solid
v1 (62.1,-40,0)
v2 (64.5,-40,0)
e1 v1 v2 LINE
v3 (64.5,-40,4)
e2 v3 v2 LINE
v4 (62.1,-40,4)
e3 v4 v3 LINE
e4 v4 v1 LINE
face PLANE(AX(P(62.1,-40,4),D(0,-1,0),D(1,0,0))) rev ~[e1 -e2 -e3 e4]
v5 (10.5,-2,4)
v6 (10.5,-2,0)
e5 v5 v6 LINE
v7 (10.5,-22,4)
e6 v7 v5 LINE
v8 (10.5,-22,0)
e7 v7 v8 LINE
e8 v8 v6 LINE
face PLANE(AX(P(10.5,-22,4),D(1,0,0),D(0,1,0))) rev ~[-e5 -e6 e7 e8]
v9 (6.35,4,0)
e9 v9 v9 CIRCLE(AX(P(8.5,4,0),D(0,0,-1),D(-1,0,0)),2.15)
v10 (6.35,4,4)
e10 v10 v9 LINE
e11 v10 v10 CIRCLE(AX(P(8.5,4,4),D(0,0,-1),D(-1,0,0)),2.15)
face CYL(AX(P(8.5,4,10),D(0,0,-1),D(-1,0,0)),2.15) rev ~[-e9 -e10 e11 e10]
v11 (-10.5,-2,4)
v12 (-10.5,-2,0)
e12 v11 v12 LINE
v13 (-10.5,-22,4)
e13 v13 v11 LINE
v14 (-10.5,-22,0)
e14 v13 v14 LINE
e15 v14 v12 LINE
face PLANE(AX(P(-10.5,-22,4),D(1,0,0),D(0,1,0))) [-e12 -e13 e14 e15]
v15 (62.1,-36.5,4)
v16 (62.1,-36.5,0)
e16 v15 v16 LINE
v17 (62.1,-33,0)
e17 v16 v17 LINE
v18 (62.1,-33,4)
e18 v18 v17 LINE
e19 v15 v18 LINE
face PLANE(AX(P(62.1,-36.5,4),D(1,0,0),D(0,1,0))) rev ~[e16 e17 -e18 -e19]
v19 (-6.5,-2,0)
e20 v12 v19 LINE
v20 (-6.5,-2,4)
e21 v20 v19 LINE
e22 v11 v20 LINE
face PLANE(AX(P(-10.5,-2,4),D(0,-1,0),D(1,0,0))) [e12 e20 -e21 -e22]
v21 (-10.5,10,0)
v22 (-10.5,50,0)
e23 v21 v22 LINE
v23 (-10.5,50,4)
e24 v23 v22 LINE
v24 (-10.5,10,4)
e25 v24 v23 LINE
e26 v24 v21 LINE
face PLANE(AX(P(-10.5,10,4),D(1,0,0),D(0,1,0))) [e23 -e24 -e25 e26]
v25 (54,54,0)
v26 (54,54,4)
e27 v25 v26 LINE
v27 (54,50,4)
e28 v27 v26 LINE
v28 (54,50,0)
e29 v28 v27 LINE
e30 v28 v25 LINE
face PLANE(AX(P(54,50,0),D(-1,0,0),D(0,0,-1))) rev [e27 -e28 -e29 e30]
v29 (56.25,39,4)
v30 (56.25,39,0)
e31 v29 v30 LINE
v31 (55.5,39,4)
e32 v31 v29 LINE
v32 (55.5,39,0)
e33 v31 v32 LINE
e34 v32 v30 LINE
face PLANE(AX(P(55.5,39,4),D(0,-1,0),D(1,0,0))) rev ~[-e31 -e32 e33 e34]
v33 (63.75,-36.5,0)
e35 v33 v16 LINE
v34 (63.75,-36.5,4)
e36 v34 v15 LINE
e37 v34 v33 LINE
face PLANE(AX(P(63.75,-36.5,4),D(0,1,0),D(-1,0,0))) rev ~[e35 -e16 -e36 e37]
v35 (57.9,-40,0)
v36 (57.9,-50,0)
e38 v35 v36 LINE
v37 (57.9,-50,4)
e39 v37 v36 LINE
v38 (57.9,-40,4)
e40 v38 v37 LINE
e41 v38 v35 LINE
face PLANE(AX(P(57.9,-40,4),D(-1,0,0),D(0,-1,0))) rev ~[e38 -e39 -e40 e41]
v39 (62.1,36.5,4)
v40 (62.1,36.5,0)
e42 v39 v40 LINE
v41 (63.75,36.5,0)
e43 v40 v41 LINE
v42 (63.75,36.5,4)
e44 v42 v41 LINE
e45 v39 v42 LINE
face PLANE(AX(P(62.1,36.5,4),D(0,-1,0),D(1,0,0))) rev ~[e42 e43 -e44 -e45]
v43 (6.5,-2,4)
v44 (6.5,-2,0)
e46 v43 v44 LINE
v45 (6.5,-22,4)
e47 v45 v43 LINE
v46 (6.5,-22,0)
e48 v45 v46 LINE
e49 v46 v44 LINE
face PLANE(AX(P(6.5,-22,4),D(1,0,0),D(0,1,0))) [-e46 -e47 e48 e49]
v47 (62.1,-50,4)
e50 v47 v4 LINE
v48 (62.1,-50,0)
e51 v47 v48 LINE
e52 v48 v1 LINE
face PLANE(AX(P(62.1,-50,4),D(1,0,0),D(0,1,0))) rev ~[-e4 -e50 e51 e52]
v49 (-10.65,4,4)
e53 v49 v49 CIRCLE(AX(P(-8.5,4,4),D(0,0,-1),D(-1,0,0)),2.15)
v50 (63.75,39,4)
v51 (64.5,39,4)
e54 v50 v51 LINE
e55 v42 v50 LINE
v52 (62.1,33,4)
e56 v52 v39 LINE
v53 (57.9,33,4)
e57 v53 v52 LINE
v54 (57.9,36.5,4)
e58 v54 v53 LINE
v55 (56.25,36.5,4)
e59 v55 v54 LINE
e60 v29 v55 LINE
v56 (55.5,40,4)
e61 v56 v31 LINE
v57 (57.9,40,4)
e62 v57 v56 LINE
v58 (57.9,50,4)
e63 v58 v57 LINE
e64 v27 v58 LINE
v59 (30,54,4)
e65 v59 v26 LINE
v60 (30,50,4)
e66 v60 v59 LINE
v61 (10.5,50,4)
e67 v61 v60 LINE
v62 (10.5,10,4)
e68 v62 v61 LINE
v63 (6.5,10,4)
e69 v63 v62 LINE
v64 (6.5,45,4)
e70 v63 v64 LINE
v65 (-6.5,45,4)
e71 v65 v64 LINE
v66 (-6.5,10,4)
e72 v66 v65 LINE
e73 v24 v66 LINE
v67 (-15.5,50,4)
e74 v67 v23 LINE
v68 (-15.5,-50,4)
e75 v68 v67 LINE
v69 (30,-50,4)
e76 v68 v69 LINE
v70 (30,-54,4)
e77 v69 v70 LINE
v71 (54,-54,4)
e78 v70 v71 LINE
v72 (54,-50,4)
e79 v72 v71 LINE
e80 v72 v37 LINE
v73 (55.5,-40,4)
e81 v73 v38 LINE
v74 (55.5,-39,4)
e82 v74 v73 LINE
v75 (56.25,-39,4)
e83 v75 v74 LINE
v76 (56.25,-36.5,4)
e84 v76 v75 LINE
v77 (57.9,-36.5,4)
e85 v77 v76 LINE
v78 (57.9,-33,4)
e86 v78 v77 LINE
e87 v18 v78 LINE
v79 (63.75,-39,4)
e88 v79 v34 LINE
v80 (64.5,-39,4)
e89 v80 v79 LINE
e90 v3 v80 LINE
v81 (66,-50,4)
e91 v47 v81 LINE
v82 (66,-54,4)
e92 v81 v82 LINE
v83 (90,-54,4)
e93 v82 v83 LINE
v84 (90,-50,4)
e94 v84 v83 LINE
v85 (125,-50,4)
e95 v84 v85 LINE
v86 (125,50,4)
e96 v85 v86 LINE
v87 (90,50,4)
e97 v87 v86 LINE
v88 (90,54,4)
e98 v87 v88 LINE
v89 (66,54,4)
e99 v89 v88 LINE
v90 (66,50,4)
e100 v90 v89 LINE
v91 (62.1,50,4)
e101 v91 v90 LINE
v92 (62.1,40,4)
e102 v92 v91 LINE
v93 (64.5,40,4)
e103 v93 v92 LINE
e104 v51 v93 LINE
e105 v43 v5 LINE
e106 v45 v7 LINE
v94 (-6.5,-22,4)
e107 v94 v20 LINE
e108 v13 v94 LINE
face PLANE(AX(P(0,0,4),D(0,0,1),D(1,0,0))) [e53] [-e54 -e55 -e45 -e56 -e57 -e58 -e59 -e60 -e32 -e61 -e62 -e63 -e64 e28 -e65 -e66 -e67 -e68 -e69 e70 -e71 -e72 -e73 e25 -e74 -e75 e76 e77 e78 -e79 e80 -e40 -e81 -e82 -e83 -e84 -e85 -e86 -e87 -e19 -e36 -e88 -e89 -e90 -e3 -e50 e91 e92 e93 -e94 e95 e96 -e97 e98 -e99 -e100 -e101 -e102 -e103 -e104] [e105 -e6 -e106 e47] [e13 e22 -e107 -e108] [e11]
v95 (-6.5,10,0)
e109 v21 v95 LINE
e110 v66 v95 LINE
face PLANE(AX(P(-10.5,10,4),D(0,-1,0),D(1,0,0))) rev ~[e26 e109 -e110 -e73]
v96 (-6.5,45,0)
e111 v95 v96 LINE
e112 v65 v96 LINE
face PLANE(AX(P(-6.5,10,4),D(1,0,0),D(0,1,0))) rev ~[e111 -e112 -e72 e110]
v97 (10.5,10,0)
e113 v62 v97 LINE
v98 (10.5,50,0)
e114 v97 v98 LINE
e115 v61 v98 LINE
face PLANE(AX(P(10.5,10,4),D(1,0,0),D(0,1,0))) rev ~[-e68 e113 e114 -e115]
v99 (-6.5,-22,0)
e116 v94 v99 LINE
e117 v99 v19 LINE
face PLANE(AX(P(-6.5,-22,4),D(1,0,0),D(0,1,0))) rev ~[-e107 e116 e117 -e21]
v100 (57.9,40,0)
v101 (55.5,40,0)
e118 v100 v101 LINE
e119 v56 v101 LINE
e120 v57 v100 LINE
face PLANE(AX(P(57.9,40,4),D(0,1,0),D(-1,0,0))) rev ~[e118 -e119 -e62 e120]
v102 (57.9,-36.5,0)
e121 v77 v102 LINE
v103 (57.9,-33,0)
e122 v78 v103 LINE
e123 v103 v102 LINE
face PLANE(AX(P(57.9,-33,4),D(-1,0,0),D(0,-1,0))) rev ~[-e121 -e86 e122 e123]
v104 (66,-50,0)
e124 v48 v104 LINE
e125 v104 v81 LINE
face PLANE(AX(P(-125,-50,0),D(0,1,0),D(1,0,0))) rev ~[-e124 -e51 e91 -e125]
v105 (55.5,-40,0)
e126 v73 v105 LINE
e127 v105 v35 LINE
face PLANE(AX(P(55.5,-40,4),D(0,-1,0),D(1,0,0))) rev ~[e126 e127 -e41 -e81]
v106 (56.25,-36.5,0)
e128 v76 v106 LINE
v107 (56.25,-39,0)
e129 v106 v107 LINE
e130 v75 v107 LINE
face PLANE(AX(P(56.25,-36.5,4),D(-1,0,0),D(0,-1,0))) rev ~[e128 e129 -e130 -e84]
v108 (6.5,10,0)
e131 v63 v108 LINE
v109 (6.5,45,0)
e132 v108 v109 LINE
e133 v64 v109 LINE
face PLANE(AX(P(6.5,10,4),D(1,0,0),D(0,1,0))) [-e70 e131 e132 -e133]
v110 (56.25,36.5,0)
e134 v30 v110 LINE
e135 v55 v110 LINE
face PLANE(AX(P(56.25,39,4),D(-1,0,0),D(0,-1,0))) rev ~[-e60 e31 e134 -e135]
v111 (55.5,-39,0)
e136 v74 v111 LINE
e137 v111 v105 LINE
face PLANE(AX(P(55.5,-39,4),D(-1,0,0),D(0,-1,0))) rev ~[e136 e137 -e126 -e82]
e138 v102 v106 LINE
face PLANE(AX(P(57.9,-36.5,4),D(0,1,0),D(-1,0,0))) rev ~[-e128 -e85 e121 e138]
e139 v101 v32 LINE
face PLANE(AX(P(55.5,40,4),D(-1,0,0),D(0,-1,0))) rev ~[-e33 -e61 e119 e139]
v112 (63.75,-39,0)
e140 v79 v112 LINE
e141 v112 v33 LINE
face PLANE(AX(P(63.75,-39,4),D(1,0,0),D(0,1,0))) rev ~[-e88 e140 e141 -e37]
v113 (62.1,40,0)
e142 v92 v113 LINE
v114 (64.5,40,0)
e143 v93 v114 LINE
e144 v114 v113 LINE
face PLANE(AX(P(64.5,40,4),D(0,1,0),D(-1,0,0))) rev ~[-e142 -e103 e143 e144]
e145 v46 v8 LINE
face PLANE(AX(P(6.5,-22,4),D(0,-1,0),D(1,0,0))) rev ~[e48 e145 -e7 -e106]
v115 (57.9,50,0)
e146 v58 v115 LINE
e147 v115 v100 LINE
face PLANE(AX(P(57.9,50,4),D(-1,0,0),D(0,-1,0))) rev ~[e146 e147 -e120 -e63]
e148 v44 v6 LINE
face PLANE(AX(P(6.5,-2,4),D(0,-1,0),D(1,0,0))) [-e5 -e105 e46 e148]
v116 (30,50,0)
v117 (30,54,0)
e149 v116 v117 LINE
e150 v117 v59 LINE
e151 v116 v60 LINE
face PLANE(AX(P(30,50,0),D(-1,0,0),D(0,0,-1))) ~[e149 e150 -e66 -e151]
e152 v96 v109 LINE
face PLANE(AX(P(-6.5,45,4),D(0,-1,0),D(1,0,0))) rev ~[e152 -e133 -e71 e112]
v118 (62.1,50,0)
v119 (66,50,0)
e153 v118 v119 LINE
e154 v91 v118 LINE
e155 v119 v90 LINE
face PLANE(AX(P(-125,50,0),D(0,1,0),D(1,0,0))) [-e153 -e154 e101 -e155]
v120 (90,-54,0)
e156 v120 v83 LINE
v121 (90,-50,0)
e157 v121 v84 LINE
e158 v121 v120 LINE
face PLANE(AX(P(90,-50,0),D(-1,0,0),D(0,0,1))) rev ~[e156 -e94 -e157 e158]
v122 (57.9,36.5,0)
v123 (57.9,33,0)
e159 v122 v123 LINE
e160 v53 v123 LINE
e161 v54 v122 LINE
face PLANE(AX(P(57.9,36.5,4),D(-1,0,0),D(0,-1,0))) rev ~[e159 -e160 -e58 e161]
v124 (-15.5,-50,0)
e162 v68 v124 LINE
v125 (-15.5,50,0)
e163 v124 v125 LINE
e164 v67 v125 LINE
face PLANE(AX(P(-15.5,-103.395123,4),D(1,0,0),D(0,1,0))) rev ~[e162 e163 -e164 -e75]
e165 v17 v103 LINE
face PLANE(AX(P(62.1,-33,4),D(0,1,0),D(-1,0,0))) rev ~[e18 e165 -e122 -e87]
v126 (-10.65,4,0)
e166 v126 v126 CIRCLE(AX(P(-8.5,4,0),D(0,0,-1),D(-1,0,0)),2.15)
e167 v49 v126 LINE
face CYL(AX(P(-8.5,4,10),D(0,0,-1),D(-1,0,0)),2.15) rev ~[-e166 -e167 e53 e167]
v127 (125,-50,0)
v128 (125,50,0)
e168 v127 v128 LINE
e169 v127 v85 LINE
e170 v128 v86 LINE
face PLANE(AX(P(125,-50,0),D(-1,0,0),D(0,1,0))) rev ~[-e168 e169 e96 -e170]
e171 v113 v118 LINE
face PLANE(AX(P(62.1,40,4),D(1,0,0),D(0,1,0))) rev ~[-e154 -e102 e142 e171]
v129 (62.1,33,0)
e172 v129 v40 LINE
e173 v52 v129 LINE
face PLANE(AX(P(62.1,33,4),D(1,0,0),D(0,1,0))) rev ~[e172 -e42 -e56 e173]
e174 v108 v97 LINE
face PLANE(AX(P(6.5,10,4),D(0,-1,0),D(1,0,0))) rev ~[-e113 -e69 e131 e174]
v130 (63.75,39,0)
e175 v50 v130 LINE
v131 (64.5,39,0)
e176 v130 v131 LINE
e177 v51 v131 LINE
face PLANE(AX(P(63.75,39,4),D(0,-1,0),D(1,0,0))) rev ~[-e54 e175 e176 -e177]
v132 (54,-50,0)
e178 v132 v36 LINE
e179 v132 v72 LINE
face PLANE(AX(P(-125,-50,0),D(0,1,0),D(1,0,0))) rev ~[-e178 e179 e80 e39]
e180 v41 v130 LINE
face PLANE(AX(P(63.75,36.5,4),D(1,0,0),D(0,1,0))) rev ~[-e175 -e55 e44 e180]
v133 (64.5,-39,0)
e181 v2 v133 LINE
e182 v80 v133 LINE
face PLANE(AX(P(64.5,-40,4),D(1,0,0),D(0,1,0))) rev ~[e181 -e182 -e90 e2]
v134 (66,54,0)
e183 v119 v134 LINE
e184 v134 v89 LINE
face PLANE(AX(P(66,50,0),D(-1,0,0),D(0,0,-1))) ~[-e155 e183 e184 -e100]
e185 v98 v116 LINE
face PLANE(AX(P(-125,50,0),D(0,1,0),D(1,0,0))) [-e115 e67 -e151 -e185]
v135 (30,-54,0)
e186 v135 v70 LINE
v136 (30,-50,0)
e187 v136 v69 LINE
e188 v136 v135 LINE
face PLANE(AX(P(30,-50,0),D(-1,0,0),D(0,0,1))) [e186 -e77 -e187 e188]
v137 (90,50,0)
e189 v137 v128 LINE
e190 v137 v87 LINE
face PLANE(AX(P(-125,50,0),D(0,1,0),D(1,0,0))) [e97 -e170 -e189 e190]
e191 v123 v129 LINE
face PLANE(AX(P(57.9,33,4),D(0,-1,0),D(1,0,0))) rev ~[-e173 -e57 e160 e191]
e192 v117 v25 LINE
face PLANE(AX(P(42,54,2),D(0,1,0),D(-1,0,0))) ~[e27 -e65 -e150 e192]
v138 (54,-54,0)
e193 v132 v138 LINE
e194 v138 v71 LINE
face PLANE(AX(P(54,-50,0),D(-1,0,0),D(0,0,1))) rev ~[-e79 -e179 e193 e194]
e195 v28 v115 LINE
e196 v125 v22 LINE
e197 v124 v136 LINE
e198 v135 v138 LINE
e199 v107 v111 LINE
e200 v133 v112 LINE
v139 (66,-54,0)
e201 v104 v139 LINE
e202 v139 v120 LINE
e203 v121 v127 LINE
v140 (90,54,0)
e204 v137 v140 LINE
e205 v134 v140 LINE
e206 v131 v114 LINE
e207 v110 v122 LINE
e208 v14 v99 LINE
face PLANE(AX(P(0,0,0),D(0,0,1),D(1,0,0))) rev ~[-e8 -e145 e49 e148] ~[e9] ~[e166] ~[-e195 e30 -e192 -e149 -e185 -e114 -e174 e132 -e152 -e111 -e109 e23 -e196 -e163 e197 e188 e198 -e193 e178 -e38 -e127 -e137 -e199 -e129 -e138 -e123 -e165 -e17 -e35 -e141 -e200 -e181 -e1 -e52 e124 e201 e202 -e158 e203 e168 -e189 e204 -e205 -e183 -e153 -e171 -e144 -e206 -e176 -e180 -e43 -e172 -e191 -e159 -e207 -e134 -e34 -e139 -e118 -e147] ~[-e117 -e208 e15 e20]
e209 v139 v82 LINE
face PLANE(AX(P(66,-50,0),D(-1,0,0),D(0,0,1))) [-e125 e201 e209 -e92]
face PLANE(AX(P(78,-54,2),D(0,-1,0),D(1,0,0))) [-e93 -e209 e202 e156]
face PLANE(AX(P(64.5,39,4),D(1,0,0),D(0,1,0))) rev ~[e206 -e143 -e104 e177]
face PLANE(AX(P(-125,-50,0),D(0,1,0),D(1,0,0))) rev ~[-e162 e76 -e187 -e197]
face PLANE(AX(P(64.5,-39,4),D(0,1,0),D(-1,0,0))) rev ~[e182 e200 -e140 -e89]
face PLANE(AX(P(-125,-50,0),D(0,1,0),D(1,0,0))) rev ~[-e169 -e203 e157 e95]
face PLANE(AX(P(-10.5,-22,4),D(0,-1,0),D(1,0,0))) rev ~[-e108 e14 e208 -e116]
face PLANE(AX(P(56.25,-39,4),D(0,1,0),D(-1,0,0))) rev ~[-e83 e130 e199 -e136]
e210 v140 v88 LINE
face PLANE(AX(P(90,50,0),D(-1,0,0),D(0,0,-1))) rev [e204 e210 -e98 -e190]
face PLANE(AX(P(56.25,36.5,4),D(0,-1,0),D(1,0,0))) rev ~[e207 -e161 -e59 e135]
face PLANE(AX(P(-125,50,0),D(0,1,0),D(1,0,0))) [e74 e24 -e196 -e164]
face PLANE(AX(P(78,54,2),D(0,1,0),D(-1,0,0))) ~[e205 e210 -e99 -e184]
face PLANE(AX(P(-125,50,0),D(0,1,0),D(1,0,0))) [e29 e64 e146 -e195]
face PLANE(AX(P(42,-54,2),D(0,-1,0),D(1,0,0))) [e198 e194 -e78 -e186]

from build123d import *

# Parameters (mm, degrees)
SKETCH1_W                = 250
SKETCH1_H                = 100
BOSS_EXTRUDE1_DEPTH      = 4
SKETCH2_W                = 24
SKETCH2_H                = 4
BOSS_EXTRUDE2_DEPTH      = 4
SKETCH3_W                = 4
SKETCH3_H                = 40
SKETCH3_H_2              = 20
CUT_EXTRUDE1_DEPTH       = 5
M4_CLEARANCE_HOLE1_D     = 4.3
M4_CLEARANCE_HOLE1_DEPTH = 6
M4_CLEARANCE_HOLE1_TIP   = 1.291850331
CUT_EXTRUDE2_DEPTH       = 10
SKETCH7_W                = 13
SKETCH7_H                = 5
CUT_EXTRUDE3_DEPTH       = 10
CUT_EXTRUDE4_DEPTH       = 10


with BuildPart() as part:
    # Sketch1 → Boss-Extrude1 (new body)
    with BuildSketch(Plane.XY):
        Rectangle(SKETCH1_W, SKETCH1_H)
    extrude(amount=BOSS_EXTRUDE1_DEPTH)

    # Sketch2 → Boss-Extrude2 (add)
    with BuildSketch(Plane.XZ.offset(50)):
        with Locations((-78, 2)):
            Rectangle(SKETCH2_W, SKETCH2_H)
        with Locations((-42, 2)):
            Rectangle(SKETCH2_W, SKETCH2_H)
        with Locations((42, 2)):
            Rectangle(SKETCH2_W, SKETCH2_H)
        with Locations((78, 2)):
            Rectangle(SKETCH2_W, SKETCH2_H)
    boss_extrude2 = extrude(amount=BOSS_EXTRUDE2_DEPTH)

    # Sketch3 → Cut-Extrude1 (cut, through all)
    with BuildSketch(Plane.XY.offset(4)):
        with Locations((-8.5, 30)):
            Rectangle(SKETCH3_W, SKETCH3_H)
        with Locations((-8.5, -12)):
            Rectangle(SKETCH3_W, SKETCH3_H_2)
        with Locations((8.5, -12)):
            Rectangle(SKETCH3_W, SKETCH3_H_2)
        with Locations((8.5, 30)):
            Rectangle(SKETCH3_W, SKETCH3_H)
    extrude(amount=-CUT_EXTRUDE1_DEPTH, mode=Mode.SUBTRACT)

    # Mirror1: Boss-Extrude2 across plane
    add(boss_extrude2.mirror(Plane.ZX))

    # M4 Clearance Hole1
    with Locations(Plane.XY.offset(4)):
        with Locations((-8.5, 4), (8.5, 4)):
            Hole(M4_CLEARANCE_HOLE1_D / 2, depth=M4_CLEARANCE_HOLE1_DEPTH)
            with Locations((0, 0, -(M4_CLEARANCE_HOLE1_DEPTH + M4_CLEARANCE_HOLE1_TIP / 2))):  # 118° drill point
                Cone(0, M4_CLEARANCE_HOLE1_D / 2, M4_CLEARANCE_HOLE1_TIP, mode=Mode.SUBTRACT)

    # Sketch6 → Cut-Extrude2 (cut)
    with BuildSketch(Plane.XY.offset(4)):
        Polygon((-62.1, -50), (-57.9, -50), (-57.9, -40), (-55.5, -40), (-55.5, -39), (-56.25, -39), (-56.25, -36.5), (-57.9, -36.5), (-57.9, -33), (-62.1, -33), (-62.1, -36.5), (-63.75, -36.5), (-63.75, -39), (-64.5, -39), (-64.5, -40), (-62.1, -40), align=None)
        Polygon((57.9, -40), (57.9, -50), (62.1, -50), (62.1, -40), (64.5, -40), (64.5, -39), (63.75, -39), (63.75, -36.5), (62.1, -36.5), (62.1, -33), (57.9, -33), (57.9, -36.5), (56.25, -36.5), (56.25, -39), (55.5, -39), (55.5, -40), align=None)
        Polygon((62.1, 40), (62.1, 50), (57.9, 50), (57.9, 40), (55.5, 40), (55.5, 39), (56.25, 39), (56.25, 36.5), (57.9, 36.5), (57.9, 33), (62.1, 33), (62.1, 36.5), (63.75, 36.5), (63.75, 39), (64.5, 39), (64.5, 40), align=None)
        Polygon((-57.9, 50), (-62.1, 50), (-62.1, 40), (-64.5, 40), (-64.5, 39), (-63.75, 39), (-63.75, 36.5), (-62.1, 36.5), (-62.1, 33), (-57.9, 33), (-57.9, 36.5), (-56.25, 36.5), (-56.25, 39), (-55.5, 39), (-55.5, 40), (-57.9, 40), align=None)
    extrude(amount=-CUT_EXTRUDE2_DEPTH, mode=Mode.SUBTRACT)

    # Sketch7 → Cut-Extrude3 (cut)
    with BuildSketch(Plane.XY.offset(4)):
        with Locations((0, 47.5)):
            Rectangle(SKETCH7_W, SKETCH7_H)
    extrude(amount=-CUT_EXTRUDE3_DEPTH, mode=Mode.SUBTRACT)

    # Sketch8 → Cut-Extrude4 (cut)
    with BuildSketch(Plane.XY.offset(4)):
        Polygon((-15.5, 50), (-32.700401322, 262.698056725), (-161.835837728, 81.113354009), (-171.999440278, -88.149719236), (-15.5, -103.395123062), align=None)
    extrude(amount=-CUT_EXTRUDE4_DEPTH, mode=Mode.SUBTRACT)


solid = part.part
